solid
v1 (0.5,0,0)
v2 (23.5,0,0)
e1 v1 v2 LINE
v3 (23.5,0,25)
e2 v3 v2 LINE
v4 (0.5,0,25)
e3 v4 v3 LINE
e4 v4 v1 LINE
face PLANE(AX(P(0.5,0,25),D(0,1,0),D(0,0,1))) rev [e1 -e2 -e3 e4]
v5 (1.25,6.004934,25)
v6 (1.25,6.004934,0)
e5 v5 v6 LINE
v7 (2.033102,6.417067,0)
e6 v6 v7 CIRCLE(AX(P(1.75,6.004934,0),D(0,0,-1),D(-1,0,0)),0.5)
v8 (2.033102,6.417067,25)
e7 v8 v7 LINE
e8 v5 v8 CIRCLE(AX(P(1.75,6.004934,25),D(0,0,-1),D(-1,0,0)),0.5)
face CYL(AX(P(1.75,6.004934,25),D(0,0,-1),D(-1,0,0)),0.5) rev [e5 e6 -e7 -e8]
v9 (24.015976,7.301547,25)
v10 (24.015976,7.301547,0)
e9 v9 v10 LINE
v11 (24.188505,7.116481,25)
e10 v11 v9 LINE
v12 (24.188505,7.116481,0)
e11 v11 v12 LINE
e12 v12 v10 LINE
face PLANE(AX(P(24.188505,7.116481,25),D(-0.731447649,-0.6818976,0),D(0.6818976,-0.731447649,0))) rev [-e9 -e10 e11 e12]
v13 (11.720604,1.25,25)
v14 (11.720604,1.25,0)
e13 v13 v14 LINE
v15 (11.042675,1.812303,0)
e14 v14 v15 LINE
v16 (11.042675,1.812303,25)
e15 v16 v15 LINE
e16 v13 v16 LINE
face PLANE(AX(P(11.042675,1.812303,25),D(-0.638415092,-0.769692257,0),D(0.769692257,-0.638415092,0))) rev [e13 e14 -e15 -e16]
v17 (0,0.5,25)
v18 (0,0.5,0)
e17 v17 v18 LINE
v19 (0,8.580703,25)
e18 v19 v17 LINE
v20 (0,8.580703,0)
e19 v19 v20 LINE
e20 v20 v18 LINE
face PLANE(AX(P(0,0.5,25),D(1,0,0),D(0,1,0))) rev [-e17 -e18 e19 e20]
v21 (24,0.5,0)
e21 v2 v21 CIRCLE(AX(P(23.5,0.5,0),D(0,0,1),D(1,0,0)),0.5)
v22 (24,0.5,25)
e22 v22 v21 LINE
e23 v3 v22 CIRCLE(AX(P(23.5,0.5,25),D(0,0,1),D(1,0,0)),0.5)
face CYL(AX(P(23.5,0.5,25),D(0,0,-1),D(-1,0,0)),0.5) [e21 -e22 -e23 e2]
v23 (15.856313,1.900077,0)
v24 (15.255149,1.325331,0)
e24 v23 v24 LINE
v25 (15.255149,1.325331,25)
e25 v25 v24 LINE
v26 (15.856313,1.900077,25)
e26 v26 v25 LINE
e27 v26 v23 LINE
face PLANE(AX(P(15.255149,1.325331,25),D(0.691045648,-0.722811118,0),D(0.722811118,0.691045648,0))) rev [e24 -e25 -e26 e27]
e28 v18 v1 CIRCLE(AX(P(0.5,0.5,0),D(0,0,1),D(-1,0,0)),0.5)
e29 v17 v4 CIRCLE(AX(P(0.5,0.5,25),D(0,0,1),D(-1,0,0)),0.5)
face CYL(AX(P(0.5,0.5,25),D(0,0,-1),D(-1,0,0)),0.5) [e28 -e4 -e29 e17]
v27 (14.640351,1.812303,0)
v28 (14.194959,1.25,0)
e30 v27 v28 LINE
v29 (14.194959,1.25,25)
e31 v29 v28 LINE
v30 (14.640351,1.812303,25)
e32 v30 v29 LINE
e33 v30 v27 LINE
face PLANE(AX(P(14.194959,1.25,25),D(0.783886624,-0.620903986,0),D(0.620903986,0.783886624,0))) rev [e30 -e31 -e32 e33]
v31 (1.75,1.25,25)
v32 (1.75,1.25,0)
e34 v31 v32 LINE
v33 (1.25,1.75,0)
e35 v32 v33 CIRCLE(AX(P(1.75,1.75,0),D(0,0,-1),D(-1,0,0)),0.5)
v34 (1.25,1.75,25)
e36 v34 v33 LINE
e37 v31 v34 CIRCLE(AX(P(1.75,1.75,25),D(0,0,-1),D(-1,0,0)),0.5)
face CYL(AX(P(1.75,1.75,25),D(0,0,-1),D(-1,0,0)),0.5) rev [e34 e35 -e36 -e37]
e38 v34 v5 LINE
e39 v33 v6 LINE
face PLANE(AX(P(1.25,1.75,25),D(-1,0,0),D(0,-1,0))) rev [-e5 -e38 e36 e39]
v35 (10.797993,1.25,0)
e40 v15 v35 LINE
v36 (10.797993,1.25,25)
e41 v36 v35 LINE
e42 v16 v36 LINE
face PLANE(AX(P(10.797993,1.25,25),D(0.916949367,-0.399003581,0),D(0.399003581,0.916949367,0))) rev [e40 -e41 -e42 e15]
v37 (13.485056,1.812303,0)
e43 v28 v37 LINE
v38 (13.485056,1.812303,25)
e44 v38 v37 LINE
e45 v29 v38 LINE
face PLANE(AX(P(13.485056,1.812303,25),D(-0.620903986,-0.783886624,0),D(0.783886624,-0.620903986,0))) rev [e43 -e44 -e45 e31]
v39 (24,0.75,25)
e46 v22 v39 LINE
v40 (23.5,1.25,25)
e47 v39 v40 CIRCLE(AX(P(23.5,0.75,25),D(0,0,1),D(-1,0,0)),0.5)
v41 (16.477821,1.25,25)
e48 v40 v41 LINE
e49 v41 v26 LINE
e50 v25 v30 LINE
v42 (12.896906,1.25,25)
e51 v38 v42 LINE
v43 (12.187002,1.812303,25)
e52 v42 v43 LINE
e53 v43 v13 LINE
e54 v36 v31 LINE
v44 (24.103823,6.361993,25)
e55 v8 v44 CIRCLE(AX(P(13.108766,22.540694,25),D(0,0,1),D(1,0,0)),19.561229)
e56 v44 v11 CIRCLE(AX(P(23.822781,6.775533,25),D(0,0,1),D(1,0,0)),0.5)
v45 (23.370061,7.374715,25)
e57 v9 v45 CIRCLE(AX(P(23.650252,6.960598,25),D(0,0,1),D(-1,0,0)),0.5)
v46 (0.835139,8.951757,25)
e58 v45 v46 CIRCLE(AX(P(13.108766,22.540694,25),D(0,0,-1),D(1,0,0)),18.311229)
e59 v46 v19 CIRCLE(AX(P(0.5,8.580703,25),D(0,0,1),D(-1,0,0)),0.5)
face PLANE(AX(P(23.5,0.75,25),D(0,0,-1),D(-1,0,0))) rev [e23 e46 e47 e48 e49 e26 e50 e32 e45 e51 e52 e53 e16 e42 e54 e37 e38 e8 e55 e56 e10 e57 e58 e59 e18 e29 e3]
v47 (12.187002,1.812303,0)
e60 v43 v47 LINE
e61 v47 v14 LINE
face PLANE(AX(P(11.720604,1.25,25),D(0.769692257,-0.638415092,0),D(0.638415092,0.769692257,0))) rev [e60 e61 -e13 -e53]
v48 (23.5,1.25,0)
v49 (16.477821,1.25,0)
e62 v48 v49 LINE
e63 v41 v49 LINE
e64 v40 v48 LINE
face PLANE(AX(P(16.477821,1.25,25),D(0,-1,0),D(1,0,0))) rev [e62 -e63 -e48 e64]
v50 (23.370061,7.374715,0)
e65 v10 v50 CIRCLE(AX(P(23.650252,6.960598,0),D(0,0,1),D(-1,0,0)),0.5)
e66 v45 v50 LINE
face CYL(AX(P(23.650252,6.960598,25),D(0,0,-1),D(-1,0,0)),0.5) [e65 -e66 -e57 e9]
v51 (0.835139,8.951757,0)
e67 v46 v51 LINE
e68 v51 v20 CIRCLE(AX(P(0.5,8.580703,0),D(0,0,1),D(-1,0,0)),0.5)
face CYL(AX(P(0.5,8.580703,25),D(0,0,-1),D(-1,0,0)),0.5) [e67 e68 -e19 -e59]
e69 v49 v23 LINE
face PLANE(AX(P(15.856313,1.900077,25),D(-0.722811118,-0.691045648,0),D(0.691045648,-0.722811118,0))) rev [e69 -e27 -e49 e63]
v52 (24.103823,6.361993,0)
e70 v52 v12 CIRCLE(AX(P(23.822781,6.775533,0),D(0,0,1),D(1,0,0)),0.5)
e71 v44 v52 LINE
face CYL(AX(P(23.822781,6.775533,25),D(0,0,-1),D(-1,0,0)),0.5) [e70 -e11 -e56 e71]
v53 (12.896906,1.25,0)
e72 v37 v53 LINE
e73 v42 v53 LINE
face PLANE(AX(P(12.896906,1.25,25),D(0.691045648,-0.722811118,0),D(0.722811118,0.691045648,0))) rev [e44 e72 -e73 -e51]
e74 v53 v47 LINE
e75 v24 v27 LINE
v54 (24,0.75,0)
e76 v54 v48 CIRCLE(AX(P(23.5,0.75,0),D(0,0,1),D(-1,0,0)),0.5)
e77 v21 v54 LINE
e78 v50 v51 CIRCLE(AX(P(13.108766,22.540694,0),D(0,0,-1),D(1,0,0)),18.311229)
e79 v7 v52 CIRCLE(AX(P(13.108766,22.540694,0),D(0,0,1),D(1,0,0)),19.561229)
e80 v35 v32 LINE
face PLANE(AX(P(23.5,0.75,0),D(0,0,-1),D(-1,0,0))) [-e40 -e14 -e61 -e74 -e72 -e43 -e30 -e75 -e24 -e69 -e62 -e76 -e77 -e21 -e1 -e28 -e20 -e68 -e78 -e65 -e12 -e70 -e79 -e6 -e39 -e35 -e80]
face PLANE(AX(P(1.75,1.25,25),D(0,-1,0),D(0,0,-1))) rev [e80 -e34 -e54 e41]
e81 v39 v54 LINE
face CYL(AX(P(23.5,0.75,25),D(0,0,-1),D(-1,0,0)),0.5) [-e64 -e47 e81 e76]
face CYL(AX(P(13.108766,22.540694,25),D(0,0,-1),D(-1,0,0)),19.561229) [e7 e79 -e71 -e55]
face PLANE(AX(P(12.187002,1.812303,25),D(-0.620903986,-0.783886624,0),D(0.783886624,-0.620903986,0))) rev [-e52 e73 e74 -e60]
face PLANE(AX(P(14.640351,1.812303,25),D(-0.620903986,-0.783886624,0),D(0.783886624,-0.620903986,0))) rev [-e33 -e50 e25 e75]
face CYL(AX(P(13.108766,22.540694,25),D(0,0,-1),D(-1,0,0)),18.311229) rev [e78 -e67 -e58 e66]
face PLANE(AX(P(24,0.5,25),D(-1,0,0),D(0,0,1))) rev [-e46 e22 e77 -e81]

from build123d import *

# Parameters (mm, degrees)
SALIENTE_EXTRUIR1_DEPTH = 25


with BuildPart() as part:
    # Croquis1 → Saliente-Extruir1 (new body)
    with BuildSketch(Plane.XY):
        with BuildLine():
            Line((0.5, 0), (23.5, 0))
            ThreePointArc((23.5, 0), (23.853553391, 0.146446609), (24, 0.5))
            Line((24, 0.5), (24, 0.75))
            ThreePointArc((24, 0.75), (23.853553391, 1.103553391), (23.5, 1.25))
            Line((23.5, 1.25), (16.47782129, 1.25))
            Line((16.47782129, 1.25), (15.856313475, 1.900076822))
            Line((15.856313475, 1.900076822), (15.255148566, 1.325331382))
            Line((15.255148566, 1.325331382), (14.640350544, 1.812303006))
            Line((14.640350544, 1.812303006), (14.194959378, 1.25))
            Line((14.194959378, 1.25), (13.485056051, 1.812303006))
            Line((13.485056051, 1.812303006), (12.896905521, 1.25))
            Line((12.896905521, 1.25), (12.187002195, 1.812303006))
            Line((12.187002195, 1.812303006), (11.72060446, 1.25))
            Line((11.72060446, 1.25), (11.042675201, 1.812303006))
            Line((11.042675201, 1.812303006), (10.797993302, 1.25))
            Line((10.797993302, 1.25), (1.75, 1.25))
            ThreePointArc((1.75, 1.25), (1.396446609, 1.396446609), (1.25, 1.75))
            Line((1.25, 1.75), (1.25, 6.004934433))
            ThreePointArc((1.25, 6.004934433), (1.517138688, 6.44739981), (2.033102437, 6.417066706))
            ThreePointArc((2.033102437, 6.417066706), (5.924204231, 4.346635928), (10.180078199, 3.199947857))
            ThreePointArc((10.180078199, 3.199947857), (17.440764487, 3.465174135), (24.103823344, 6.361992565))
            ThreePointArc((24.103823344, 6.361992565), (24.319661393, 6.719764128), (24.188505071, 7.116481375))
            Line((24.188505071, 7.116481375), (24.015976281, 7.301546958))
            ThreePointArc((24.015976281, 7.301546958), (23.706531625, 7.457420718), (23.370061121, 7.374715069))
            ThreePointArc((23.370061121, 7.374715069), (11.830432965, 4.274140818), (0.835139338, 8.951757379))
            ThreePointArc((0.835139338, 8.951757379), (0.296984814, 9.037632425), (0, 8.580702634))
            Line((0, 8.580702634), (0, 0.5))
            ThreePointArc((0, 0.5), (0.146446609, 0.146446609), (0.5, 0))
        make_face()
    extrude(amount=SALIENTE_EXTRUIR1_DEPTH)


solid = part.part
